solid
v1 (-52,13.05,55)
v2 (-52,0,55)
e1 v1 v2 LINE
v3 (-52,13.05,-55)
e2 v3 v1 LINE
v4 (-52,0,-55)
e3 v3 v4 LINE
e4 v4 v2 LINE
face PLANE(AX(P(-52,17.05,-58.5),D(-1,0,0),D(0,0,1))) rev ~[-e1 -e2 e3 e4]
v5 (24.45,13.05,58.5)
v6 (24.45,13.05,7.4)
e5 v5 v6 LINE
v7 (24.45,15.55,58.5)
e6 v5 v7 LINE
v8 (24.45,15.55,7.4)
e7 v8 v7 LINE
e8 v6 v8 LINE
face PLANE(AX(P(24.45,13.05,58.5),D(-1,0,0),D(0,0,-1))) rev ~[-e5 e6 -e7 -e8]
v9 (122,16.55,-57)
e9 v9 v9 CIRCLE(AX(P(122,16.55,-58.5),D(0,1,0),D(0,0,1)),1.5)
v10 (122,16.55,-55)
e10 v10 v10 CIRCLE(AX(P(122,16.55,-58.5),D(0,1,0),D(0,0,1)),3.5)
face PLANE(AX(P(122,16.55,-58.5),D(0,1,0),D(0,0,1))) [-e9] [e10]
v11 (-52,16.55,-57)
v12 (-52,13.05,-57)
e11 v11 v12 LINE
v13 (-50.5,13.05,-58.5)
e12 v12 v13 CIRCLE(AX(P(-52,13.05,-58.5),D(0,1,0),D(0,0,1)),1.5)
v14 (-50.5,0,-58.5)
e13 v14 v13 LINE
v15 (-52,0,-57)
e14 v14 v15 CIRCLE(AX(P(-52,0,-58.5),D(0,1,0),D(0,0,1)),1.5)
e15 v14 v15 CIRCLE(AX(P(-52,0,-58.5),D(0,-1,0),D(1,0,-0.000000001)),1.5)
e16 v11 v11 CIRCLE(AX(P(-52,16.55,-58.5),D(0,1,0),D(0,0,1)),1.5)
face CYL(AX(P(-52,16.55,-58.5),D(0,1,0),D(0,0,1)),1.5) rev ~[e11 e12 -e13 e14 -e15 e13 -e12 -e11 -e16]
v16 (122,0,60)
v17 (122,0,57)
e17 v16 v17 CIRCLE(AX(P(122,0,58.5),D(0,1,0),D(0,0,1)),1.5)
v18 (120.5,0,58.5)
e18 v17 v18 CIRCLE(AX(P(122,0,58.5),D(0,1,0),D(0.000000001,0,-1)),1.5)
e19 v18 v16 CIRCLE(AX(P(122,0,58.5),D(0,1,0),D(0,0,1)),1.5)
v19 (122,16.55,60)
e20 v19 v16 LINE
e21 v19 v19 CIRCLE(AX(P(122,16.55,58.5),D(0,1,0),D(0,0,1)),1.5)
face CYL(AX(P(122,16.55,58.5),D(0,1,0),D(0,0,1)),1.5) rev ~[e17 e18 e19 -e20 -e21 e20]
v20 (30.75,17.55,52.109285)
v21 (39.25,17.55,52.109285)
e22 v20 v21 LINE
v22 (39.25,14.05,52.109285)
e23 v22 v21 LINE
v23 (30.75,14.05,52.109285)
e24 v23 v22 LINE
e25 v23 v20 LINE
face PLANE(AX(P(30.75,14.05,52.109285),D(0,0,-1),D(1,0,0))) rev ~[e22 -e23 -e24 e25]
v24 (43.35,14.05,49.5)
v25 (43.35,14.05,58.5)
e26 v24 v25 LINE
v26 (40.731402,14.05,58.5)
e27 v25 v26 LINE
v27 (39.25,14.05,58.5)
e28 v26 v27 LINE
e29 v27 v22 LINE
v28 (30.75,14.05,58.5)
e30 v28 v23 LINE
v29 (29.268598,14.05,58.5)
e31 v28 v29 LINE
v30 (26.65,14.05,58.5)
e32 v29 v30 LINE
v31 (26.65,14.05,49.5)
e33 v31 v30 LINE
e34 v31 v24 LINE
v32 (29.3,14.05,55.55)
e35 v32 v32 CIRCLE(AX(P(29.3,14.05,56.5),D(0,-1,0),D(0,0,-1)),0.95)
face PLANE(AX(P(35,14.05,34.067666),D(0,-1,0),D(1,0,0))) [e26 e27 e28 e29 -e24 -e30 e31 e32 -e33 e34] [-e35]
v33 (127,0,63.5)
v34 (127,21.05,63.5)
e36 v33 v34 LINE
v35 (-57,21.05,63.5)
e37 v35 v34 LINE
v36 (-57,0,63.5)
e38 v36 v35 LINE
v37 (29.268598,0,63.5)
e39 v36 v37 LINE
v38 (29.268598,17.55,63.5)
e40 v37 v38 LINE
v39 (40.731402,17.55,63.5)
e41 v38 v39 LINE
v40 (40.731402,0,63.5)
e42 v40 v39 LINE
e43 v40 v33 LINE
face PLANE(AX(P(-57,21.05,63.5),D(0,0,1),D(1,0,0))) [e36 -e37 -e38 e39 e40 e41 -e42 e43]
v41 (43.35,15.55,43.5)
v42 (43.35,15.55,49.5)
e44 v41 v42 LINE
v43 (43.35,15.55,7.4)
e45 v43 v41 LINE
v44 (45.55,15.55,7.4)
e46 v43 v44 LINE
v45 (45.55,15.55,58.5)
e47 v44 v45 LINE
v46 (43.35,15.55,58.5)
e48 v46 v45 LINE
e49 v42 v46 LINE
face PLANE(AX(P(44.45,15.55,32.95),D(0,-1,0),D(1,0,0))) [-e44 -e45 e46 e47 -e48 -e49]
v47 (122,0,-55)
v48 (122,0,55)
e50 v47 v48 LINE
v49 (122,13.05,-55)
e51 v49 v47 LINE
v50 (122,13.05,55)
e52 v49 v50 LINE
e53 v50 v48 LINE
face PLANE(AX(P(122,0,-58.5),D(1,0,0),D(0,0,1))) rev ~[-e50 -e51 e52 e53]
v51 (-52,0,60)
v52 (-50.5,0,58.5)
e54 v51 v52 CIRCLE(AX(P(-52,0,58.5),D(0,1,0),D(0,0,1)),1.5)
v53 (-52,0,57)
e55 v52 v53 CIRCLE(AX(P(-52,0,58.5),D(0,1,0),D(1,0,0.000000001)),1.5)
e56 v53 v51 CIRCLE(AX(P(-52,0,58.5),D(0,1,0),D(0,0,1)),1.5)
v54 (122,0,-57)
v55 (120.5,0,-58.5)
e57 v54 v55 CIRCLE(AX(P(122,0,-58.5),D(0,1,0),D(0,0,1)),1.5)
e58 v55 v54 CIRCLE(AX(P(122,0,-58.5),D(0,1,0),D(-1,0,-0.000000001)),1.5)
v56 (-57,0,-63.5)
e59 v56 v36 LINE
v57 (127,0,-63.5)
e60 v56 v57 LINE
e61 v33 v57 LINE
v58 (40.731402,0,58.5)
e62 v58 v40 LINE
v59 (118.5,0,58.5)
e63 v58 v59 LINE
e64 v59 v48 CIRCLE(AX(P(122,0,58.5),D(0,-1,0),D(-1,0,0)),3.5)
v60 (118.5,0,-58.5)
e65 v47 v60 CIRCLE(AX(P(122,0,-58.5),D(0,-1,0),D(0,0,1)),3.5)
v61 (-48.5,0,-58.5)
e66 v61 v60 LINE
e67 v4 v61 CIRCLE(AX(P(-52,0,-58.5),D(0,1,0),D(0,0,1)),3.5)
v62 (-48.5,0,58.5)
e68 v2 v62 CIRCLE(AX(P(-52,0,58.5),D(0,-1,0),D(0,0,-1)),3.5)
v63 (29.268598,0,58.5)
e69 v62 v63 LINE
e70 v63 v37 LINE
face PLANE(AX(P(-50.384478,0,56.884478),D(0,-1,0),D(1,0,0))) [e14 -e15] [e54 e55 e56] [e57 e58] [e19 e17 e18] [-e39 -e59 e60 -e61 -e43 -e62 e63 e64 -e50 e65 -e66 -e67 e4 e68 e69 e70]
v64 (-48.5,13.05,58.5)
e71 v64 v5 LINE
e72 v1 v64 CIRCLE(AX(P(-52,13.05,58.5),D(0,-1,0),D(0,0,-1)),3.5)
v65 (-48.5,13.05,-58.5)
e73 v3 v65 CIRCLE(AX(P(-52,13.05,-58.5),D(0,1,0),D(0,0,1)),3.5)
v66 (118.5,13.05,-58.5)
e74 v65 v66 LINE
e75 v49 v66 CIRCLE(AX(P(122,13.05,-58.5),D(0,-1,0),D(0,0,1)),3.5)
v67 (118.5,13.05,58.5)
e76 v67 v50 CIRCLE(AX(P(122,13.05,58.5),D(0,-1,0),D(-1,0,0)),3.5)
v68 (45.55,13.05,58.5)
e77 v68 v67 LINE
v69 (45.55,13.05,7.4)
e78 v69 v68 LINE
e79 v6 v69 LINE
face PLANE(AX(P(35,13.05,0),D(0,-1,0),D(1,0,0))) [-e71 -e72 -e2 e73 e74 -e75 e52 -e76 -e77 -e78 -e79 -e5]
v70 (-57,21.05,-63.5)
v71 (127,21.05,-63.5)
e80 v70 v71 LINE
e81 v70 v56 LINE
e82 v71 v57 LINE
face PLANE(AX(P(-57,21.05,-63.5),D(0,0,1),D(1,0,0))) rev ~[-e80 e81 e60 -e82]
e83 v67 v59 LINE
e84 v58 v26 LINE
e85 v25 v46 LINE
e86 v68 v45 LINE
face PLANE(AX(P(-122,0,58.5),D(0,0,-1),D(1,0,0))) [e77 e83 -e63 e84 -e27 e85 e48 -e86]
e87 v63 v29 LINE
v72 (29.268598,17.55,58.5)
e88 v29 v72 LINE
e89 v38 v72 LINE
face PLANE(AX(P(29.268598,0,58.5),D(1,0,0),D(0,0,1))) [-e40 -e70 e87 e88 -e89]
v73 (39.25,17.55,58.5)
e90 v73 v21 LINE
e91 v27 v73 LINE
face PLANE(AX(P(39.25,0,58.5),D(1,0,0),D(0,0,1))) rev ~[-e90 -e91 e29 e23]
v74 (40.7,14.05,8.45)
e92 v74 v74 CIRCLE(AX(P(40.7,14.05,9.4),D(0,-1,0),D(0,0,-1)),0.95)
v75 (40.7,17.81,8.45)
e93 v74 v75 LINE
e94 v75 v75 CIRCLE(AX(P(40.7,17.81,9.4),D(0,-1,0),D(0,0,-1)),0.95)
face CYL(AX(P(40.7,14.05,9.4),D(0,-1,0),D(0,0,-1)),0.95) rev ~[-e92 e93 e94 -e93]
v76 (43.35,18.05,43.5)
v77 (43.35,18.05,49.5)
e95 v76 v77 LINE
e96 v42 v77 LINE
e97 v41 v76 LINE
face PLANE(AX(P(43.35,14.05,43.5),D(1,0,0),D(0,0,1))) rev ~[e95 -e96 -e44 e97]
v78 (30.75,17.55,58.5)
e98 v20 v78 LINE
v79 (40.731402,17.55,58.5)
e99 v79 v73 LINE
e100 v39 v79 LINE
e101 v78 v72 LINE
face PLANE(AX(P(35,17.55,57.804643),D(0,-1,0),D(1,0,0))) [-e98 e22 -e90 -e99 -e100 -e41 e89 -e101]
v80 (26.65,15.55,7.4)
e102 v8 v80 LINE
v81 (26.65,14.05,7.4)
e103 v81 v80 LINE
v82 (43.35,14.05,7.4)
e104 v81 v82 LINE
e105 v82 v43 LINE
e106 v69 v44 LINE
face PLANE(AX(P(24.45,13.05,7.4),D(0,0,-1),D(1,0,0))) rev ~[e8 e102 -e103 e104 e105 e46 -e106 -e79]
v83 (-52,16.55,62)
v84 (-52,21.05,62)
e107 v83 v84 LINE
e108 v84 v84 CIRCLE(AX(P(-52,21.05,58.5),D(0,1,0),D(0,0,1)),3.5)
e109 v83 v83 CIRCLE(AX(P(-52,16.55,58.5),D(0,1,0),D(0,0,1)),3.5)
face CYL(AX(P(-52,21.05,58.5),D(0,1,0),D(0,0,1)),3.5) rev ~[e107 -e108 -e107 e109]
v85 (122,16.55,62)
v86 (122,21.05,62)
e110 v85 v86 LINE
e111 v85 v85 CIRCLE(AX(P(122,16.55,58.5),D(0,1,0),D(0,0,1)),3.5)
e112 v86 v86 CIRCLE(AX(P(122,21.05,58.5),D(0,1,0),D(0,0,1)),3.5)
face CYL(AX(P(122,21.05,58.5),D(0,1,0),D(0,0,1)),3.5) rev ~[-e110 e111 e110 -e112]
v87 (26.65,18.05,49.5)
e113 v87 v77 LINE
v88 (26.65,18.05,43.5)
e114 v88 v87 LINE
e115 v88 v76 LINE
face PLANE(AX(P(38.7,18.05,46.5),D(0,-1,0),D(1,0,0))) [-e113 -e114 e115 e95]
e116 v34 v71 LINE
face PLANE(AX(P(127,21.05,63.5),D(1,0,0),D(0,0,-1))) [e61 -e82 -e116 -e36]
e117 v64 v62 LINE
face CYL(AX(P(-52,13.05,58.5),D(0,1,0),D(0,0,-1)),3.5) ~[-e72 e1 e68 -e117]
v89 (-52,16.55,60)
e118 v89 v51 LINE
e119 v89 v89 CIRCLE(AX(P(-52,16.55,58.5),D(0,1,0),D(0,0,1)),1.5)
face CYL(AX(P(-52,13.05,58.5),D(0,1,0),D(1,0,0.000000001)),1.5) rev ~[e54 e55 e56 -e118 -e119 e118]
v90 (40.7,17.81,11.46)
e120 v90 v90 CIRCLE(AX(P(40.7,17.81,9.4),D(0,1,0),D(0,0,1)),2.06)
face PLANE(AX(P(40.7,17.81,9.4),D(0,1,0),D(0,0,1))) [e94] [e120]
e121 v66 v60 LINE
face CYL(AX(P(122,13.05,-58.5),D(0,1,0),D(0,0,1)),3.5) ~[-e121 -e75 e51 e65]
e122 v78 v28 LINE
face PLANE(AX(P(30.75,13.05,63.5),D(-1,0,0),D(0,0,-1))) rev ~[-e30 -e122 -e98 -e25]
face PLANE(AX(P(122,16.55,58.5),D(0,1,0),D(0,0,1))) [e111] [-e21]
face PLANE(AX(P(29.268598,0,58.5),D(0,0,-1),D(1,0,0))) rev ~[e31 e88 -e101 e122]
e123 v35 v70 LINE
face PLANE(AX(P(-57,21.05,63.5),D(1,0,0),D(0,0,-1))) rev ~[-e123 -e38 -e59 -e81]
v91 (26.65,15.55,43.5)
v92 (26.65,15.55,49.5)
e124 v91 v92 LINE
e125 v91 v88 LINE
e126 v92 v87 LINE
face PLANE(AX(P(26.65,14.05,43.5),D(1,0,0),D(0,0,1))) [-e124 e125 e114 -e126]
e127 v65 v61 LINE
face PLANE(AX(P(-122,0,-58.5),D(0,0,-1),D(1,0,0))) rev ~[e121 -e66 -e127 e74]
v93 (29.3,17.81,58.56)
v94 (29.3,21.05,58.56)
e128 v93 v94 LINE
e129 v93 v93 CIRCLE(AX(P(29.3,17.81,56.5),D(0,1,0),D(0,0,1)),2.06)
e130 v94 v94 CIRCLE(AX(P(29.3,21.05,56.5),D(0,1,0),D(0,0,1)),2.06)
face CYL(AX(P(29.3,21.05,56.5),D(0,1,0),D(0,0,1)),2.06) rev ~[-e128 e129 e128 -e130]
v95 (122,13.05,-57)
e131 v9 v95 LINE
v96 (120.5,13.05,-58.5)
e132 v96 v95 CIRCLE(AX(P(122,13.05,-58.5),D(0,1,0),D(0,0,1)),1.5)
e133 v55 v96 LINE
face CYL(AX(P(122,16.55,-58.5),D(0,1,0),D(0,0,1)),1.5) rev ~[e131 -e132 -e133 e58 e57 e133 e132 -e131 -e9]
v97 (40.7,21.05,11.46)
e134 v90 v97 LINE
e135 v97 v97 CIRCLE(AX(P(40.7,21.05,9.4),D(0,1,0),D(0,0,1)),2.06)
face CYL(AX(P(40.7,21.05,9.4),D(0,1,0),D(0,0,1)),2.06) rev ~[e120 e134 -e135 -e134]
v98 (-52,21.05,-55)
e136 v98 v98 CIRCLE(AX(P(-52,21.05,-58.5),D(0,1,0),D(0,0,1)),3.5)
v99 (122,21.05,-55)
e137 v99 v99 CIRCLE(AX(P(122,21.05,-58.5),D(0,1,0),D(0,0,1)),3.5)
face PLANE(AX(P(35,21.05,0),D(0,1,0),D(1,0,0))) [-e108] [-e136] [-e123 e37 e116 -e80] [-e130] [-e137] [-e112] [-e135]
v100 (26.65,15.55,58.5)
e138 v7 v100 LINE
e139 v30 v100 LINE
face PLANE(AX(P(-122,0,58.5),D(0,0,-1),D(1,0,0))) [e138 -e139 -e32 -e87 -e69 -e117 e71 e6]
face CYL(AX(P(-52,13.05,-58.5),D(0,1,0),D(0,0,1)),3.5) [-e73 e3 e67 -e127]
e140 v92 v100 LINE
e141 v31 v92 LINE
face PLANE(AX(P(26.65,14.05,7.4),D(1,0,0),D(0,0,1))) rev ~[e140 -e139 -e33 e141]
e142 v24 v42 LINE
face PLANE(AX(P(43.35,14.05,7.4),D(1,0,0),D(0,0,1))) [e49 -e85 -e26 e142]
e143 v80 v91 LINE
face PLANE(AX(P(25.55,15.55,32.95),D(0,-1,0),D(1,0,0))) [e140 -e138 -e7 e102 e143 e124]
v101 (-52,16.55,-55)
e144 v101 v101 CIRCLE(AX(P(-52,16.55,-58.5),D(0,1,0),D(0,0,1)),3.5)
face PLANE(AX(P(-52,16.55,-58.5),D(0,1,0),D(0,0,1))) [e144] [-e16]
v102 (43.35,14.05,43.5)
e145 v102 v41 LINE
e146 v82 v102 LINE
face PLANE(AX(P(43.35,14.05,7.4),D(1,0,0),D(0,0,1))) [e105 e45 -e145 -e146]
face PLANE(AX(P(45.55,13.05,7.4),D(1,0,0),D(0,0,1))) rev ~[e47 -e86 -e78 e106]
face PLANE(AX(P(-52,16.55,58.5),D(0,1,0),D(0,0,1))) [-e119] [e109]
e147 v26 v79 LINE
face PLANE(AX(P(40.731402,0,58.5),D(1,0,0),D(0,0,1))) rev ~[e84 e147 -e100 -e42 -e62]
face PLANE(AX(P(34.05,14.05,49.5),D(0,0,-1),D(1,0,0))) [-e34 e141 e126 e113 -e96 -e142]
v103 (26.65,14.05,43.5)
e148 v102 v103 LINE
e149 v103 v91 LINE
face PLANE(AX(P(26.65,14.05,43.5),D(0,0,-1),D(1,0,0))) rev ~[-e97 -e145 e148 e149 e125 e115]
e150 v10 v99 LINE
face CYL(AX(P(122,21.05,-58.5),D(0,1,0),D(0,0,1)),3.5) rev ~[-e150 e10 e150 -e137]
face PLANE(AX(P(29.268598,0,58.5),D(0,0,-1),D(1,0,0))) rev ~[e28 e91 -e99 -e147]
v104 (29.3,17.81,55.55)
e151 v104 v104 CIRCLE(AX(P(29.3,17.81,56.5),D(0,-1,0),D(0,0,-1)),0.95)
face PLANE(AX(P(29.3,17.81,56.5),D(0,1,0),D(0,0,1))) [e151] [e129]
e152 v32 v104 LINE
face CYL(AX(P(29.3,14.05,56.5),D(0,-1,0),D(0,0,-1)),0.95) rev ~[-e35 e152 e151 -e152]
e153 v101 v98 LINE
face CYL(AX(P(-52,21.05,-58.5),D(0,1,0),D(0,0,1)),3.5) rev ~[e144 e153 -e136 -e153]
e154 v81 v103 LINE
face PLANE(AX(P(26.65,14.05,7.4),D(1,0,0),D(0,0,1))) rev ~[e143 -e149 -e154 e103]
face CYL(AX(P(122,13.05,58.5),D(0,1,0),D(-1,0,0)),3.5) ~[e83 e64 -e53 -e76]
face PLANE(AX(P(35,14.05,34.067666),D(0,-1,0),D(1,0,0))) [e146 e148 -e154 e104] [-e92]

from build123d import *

# Parameters (mm, degrees)
SKETCH1_W           = 254
SKETCH1_H           = 127
BOSS_EXTRUDE2_DEPTH = 19.05
SKETCH2_W           = 244
SKETCH2_H           = 117
CUT_EXTRUDE1_DEPTH  = 17.05
SKETCH4_W           = 70
SKETCH4_H           = 127
CUT_EXTRUDE2_DEPTH  = 44
SKETCH6_W           = 5
SKETCH6_H           = 117
BOSS_EXTRUDE3_DEPTH = 17.05
SKETCH9_W           = 174
SKETCH9_H           = 117
BOSS_EXTRUDE4_DEPTH = 4
SKETCH12_W          = 8.5
SKETCH12_H          = 5
CUT_EXTRUDE3_DEPTH  = 13.05
CUT_EXTRUDE4_DEPTH  = 1
CUT_EXTRUDE5_DEPTH  = 4.5
SKETCH17_W          = 2.2
SKETCH17_H          = 51.1
CUT_EXTRUDE6_DEPTH  = 1.5
SKETCH19_W          = 7.4
SKETCH19_H          = 6
CUT_EXTRUDE7_DEPTH  = 4
SKETCH20_R          = 3.5
CUT_EXTRUDE8_DEPTH  = 2.5
SKETCH23_R          = 1.5
CUT_EXTRUDE9_DEPTH  = 38
BOSS_EXTRUDE5_DEPTH = 13.05
SKETCH25_W          = 9.3
SKETCH25_H          = 6
CUT_EXTRUDE10_DEPTH = 4
SKETCH26_W          = 8.5
SKETCH26_H          = 1.89071474
CUT_EXTRUDE11_DEPTH = 3.5
SKETCH27_R          = 0.95
CUT_EXTRUDE13_DEPTH = 25
SKETCH28_R          = 2.06
CUT_EXTRUDE18_DEPTH = 1.24
BOSS_EXTRUDE6_START = 2
SKETCH31_W          = 184
SKETCH31_H          = 127
SKETCH31_R          = 2.06
SKETCH31_R_2        = 3.5
BOSS_EXTRUDE6_DEPTH = 2
CUT_EXTRUDE19_REACH = 145.542
SKETCH14_W          = 11.462803728
SKETCH14_H          = 5


with BuildPart() as part:
    # Sketch1 → Boss-Extrude2 (new body)
    with BuildSketch(Plane(origin=(0, 0, 0), x_dir=(1, 0, 0), z_dir=(0, 1, 0))):
        Rectangle(SKETCH1_W, SKETCH1_H)
    extrude(amount=BOSS_EXTRUDE2_DEPTH)

    # Sketch2 → Cut-Extrude1 (cut)
    with BuildSketch(Plane.XZ):
        Rectangle(SKETCH2_W, SKETCH2_H)
    extrude(amount=-CUT_EXTRUDE1_DEPTH, mode=Mode.SUBTRACT)

    # Sketch4 → Cut-Extrude2 (cut)
    with BuildSketch(Plane(origin=(0, 19.05, 0), x_dir=(1, 0, 0), z_dir=(0, 1, 0))):
        with Locations((-92, 0)):
            Rectangle(SKETCH4_W, SKETCH4_H)
    extrude(amount=-CUT_EXTRUDE2_DEPTH, mode=Mode.SUBTRACT)

    # Sketch6 → Boss-Extrude3 (add)
    with BuildSketch(Plane.XZ.offset(-17.05)):
        with Locations((-54.5, 0)):
            Rectangle(SKETCH6_W, SKETCH6_H)
    extrude(amount=BOSS_EXTRUDE3_DEPTH)

    # Sketch9 → Boss-Extrude4 (add)
    with BuildSketch(Plane.XZ.offset(-17.05)):
        with Locations((35, 0)):
            Rectangle(SKETCH9_W, SKETCH9_H)
    extrude(amount=BOSS_EXTRUDE4_DEPTH)

    # Sketch12 → Cut-Extrude3 (cut)
    with BuildSketch(Plane.XZ):
        with Locations((35, 61)):
            Rectangle(SKETCH12_W, SKETCH12_H)
    extrude(amount=-CUT_EXTRUDE3_DEPTH, mode=Mode.SUBTRACT)

    # Sketch13 → Cut-Extrude4 (cut)
    with BuildSketch(Plane.XZ.offset(-13.05)):
        Polygon((30.75, 58.5), (24.45, 58.5), (24.45, 7.4), (45.55, 7.4), (45.55, 58.5), (39.25, 58.5), (39.25, 54), (30.75, 54), align=None)
    extrude(amount=-CUT_EXTRUDE4_DEPTH, mode=Mode.SUBTRACT)

    # Sketch15 → Cut-Extrude5 (cut)
    with BuildSketch(Plane.XZ.offset(-13.05)):
        Polygon((30.75, 54), (39.25, 54), (39.25, 58.5), (39.25, 63.5), (30.75, 63.5), (30.75, 58.5), align=None)
    extrude(amount=-CUT_EXTRUDE5_DEPTH, mode=Mode.SUBTRACT)

    # Sketch17 → Cut-Extrude6 (cut)
    with BuildSketch(Plane.XZ.offset(-14.05)):
        with Locations((25.55, 32.95)):
            Rectangle(SKETCH17_W, SKETCH17_H)
        with Locations((44.45, 32.95)):
            Rectangle(SKETCH17_W, SKETCH17_H)
    extrude(amount=-CUT_EXTRUDE6_DEPTH, mode=Mode.SUBTRACT)

    # Sketch19 → Cut-Extrude7 (cut)
    with BuildSketch(Plane.XZ.offset(-14.05)):
        with Locations((30.35, 46.5)):
            Rectangle(SKETCH19_W, SKETCH19_H)
    extrude(amount=-CUT_EXTRUDE7_DEPTH, mode=Mode.SUBTRACT)

    # Sketch20 → Cut-Extrude8 (cut)
    with BuildSketch(Plane(origin=(0, 19.05, 0), x_dir=(1, 0, 0), z_dir=(0, 1, 0))):
        with Locations(Location((-52, -58.5, 0), (0, 0, 270))):
            Circle(SKETCH20_R)
        with Locations(Location((122, -58.5, 0), (0, 0, 270))):
            Circle(SKETCH20_R)
        with Locations(Location((122, 58.5, 0), (0, 0, 270))):
            Circle(SKETCH20_R)
        with Locations(Location((-52, 58.5, 0), (0, 0, 270))):
            Circle(SKETCH20_R)
    extrude(amount=-CUT_EXTRUDE8_DEPTH, mode=Mode.SUBTRACT)

    # Sketch23 → Cut-Extrude9 (cut)
    with BuildSketch(Plane(origin=(0, 16.55, 0), x_dir=(1, 0, 0), z_dir=(0, 1, 0))):
        with Locations(Location((-52, 58.5, 0), (0, 0, 270))):
            Circle(SKETCH23_R)
        with Locations(Location((-52, -58.5, 0), (0, 0, 270))):
            Circle(SKETCH23_R)
        with Locations(Location((122, -58.5, 0), (0, 0, 270))):
            Circle(SKETCH23_R)
        with Locations(Location((122, 58.5, 0), (0, 0, 270))):
            Circle(SKETCH23_R)
    extrude(amount=-CUT_EXTRUDE9_DEPTH, mode=Mode.SUBTRACT)

    # Sketch24 → Boss-Extrude5 (add)
    with BuildSketch(Plane.XZ.offset(-13.05)):
        with BuildLine():
            Line((-52, 57), (-52, 55))
            ThreePointArc((-52, 55), (-49.525126266, 56.025126266), (-48.5, 58.5))
            Line((-48.5, 58.5), (-50.5, 58.5))
            ThreePointArc((-50.5, 58.5), (-50.939339828, 57.439339828), (-52, 57))
        make_face()
        with BuildLine():
            Line((-48.5, -58.5), (-50.5, -58.5))
            ThreePointArc((-50.5, -58.5), (-50.939339828, -57.439339828), (-52, -57))
            Line((-52, -57), (-52, -55))
            ThreePointArc((-52, -55), (-49.525126266, -56.025126266), (-48.5, -58.5))
        make_face()
        with BuildLine():
            Line((122, 55), (122, 57))
            ThreePointArc((122, 57), (120.939339828, 57.439339828), (120.5, 58.5))
            Line((120.5, 58.5), (118.5, 58.5))
            ThreePointArc((118.5, 58.5), (119.525126266, 56.025126266), (122, 55))
        make_face()
        with BuildLine():
            Line((122, -57), (122, -55))
            ThreePointArc((122, -55), (119.525126266, -56.025126266), (118.5, -58.5))
            Line((118.5, -58.5), (120.5, -58.5))
            ThreePointArc((120.5, -58.5), (120.939339828, -57.439339828), (122, -57))
        make_face()
    extrude(amount=BOSS_EXTRUDE5_DEPTH)

    # Sketch25 → Cut-Extrude10 (cut)
    with BuildSketch(Plane.XZ.offset(-14.05)):
        with Locations((38.7, 46.5)):
            Rectangle(SKETCH25_W, SKETCH25_H)
    extrude(amount=-CUT_EXTRUDE10_DEPTH, mode=Mode.SUBTRACT)

    # Sketch26 → Cut-Extrude11 (cut)
    with BuildSketch(Plane.XZ.offset(-14.05)):
        with Locations((35, 53.05464263)):
            Rectangle(SKETCH26_W, SKETCH26_H)
    extrude(amount=-CUT_EXTRUDE11_DEPTH, mode=Mode.SUBTRACT)

    # Sketch27 → Cut-Extrude13 (cut)
    with BuildSketch(Plane.XZ.offset(-14.05)):
        with Locations(Location((40.7, 9.4, 0), (0, 0, 270))):
            Circle(SKETCH27_R)
        with Locations(Location((29.3, 56.5, 0), (0, 0, 270))):
            Circle(SKETCH27_R)
    extrude(amount=-CUT_EXTRUDE13_DEPTH, mode=Mode.SUBTRACT)

    # Sketch28 → Cut-Extrude18 (cut)
    with BuildSketch(Plane(origin=(0, 19.05, 0), x_dir=(1, 0, 0), z_dir=(0, 1, 0))):
        with Locations(Location((40.7, -9.4, 0), (0, 0, 270))):
            Circle(SKETCH28_R)
        with Locations(Location((29.3, -56.5, 0), (0, 0, 270))):
            Circle(SKETCH28_R)
    extrude(amount=-CUT_EXTRUDE18_DEPTH, mode=Mode.SUBTRACT)

    # Sketch31 → Boss-Extrude6 (add)
    with BuildSketch(Plane(origin=(0, 19.05, 0), x_dir=(1, 0, 0), z_dir=(0, 1, 0)).offset(BOSS_EXTRUDE6_START)):
        with Locations((35, 0)):
            Rectangle(SKETCH31_W, SKETCH31_H)
        with Locations(Location((40.7, -9.4, 0), (0, 0, 270))):
            Circle(SKETCH31_R, mode=Mode.SUBTRACT)
        with Locations(Location((-52, 58.5, 0), (0, 0, 270))):
            Circle(SKETCH31_R_2, mode=Mode.SUBTRACT)
        with Locations(Location((-52, -58.5, 0), (0, 0, 270))):
            Circle(SKETCH31_R_2, mode=Mode.SUBTRACT)
        with Locations(Location((29.3, -56.5, 0), (0, 0, 270))):
            Circle(SKETCH31_R, mode=Mode.SUBTRACT)
        with Locations(Location((122, -58.5, 0), (0, 0, 270))):
            Circle(SKETCH31_R_2, mode=Mode.SUBTRACT)
        with Locations(Location((122, 58.5, 0), (0, 0, 270))):
            Circle(SKETCH31_R_2, mode=Mode.SUBTRACT)
    extrude(amount=-BOSS_EXTRUDE6_DEPTH)

    # Cut-Extrude19: up to this face of the body (flat: up to its plane)
    cut_extrude19_end = Plane(part.part.faces().sort_by_distance((35, 17.55, 57.80464263))[0])
    # Sketch14 → Cut-Extrude19 (cut, up to the picked face)
    with BuildSketch(Plane.XZ, mode=Mode.PRIVATE) as cut_extrude19_sk1:
        with Locations((35, 61)):
            Rectangle(SKETCH14_W, SKETCH14_H)
    cut_extrude19_tool1 = split(extrude(cut_extrude19_sk1.sketch, amount=-CUT_EXTRUDE19_REACH, mode=Mode.PRIVATE), bisect_by=cut_extrude19_end, keep=Keep.BOTH, mode=Mode.PRIVATE)
    add(cut_extrude19_tool1.solids().sort_by(Axis((35, 0, 61), (0, 1, 0)))[0], mode=Mode.SUBTRACT)


solid = part.part
